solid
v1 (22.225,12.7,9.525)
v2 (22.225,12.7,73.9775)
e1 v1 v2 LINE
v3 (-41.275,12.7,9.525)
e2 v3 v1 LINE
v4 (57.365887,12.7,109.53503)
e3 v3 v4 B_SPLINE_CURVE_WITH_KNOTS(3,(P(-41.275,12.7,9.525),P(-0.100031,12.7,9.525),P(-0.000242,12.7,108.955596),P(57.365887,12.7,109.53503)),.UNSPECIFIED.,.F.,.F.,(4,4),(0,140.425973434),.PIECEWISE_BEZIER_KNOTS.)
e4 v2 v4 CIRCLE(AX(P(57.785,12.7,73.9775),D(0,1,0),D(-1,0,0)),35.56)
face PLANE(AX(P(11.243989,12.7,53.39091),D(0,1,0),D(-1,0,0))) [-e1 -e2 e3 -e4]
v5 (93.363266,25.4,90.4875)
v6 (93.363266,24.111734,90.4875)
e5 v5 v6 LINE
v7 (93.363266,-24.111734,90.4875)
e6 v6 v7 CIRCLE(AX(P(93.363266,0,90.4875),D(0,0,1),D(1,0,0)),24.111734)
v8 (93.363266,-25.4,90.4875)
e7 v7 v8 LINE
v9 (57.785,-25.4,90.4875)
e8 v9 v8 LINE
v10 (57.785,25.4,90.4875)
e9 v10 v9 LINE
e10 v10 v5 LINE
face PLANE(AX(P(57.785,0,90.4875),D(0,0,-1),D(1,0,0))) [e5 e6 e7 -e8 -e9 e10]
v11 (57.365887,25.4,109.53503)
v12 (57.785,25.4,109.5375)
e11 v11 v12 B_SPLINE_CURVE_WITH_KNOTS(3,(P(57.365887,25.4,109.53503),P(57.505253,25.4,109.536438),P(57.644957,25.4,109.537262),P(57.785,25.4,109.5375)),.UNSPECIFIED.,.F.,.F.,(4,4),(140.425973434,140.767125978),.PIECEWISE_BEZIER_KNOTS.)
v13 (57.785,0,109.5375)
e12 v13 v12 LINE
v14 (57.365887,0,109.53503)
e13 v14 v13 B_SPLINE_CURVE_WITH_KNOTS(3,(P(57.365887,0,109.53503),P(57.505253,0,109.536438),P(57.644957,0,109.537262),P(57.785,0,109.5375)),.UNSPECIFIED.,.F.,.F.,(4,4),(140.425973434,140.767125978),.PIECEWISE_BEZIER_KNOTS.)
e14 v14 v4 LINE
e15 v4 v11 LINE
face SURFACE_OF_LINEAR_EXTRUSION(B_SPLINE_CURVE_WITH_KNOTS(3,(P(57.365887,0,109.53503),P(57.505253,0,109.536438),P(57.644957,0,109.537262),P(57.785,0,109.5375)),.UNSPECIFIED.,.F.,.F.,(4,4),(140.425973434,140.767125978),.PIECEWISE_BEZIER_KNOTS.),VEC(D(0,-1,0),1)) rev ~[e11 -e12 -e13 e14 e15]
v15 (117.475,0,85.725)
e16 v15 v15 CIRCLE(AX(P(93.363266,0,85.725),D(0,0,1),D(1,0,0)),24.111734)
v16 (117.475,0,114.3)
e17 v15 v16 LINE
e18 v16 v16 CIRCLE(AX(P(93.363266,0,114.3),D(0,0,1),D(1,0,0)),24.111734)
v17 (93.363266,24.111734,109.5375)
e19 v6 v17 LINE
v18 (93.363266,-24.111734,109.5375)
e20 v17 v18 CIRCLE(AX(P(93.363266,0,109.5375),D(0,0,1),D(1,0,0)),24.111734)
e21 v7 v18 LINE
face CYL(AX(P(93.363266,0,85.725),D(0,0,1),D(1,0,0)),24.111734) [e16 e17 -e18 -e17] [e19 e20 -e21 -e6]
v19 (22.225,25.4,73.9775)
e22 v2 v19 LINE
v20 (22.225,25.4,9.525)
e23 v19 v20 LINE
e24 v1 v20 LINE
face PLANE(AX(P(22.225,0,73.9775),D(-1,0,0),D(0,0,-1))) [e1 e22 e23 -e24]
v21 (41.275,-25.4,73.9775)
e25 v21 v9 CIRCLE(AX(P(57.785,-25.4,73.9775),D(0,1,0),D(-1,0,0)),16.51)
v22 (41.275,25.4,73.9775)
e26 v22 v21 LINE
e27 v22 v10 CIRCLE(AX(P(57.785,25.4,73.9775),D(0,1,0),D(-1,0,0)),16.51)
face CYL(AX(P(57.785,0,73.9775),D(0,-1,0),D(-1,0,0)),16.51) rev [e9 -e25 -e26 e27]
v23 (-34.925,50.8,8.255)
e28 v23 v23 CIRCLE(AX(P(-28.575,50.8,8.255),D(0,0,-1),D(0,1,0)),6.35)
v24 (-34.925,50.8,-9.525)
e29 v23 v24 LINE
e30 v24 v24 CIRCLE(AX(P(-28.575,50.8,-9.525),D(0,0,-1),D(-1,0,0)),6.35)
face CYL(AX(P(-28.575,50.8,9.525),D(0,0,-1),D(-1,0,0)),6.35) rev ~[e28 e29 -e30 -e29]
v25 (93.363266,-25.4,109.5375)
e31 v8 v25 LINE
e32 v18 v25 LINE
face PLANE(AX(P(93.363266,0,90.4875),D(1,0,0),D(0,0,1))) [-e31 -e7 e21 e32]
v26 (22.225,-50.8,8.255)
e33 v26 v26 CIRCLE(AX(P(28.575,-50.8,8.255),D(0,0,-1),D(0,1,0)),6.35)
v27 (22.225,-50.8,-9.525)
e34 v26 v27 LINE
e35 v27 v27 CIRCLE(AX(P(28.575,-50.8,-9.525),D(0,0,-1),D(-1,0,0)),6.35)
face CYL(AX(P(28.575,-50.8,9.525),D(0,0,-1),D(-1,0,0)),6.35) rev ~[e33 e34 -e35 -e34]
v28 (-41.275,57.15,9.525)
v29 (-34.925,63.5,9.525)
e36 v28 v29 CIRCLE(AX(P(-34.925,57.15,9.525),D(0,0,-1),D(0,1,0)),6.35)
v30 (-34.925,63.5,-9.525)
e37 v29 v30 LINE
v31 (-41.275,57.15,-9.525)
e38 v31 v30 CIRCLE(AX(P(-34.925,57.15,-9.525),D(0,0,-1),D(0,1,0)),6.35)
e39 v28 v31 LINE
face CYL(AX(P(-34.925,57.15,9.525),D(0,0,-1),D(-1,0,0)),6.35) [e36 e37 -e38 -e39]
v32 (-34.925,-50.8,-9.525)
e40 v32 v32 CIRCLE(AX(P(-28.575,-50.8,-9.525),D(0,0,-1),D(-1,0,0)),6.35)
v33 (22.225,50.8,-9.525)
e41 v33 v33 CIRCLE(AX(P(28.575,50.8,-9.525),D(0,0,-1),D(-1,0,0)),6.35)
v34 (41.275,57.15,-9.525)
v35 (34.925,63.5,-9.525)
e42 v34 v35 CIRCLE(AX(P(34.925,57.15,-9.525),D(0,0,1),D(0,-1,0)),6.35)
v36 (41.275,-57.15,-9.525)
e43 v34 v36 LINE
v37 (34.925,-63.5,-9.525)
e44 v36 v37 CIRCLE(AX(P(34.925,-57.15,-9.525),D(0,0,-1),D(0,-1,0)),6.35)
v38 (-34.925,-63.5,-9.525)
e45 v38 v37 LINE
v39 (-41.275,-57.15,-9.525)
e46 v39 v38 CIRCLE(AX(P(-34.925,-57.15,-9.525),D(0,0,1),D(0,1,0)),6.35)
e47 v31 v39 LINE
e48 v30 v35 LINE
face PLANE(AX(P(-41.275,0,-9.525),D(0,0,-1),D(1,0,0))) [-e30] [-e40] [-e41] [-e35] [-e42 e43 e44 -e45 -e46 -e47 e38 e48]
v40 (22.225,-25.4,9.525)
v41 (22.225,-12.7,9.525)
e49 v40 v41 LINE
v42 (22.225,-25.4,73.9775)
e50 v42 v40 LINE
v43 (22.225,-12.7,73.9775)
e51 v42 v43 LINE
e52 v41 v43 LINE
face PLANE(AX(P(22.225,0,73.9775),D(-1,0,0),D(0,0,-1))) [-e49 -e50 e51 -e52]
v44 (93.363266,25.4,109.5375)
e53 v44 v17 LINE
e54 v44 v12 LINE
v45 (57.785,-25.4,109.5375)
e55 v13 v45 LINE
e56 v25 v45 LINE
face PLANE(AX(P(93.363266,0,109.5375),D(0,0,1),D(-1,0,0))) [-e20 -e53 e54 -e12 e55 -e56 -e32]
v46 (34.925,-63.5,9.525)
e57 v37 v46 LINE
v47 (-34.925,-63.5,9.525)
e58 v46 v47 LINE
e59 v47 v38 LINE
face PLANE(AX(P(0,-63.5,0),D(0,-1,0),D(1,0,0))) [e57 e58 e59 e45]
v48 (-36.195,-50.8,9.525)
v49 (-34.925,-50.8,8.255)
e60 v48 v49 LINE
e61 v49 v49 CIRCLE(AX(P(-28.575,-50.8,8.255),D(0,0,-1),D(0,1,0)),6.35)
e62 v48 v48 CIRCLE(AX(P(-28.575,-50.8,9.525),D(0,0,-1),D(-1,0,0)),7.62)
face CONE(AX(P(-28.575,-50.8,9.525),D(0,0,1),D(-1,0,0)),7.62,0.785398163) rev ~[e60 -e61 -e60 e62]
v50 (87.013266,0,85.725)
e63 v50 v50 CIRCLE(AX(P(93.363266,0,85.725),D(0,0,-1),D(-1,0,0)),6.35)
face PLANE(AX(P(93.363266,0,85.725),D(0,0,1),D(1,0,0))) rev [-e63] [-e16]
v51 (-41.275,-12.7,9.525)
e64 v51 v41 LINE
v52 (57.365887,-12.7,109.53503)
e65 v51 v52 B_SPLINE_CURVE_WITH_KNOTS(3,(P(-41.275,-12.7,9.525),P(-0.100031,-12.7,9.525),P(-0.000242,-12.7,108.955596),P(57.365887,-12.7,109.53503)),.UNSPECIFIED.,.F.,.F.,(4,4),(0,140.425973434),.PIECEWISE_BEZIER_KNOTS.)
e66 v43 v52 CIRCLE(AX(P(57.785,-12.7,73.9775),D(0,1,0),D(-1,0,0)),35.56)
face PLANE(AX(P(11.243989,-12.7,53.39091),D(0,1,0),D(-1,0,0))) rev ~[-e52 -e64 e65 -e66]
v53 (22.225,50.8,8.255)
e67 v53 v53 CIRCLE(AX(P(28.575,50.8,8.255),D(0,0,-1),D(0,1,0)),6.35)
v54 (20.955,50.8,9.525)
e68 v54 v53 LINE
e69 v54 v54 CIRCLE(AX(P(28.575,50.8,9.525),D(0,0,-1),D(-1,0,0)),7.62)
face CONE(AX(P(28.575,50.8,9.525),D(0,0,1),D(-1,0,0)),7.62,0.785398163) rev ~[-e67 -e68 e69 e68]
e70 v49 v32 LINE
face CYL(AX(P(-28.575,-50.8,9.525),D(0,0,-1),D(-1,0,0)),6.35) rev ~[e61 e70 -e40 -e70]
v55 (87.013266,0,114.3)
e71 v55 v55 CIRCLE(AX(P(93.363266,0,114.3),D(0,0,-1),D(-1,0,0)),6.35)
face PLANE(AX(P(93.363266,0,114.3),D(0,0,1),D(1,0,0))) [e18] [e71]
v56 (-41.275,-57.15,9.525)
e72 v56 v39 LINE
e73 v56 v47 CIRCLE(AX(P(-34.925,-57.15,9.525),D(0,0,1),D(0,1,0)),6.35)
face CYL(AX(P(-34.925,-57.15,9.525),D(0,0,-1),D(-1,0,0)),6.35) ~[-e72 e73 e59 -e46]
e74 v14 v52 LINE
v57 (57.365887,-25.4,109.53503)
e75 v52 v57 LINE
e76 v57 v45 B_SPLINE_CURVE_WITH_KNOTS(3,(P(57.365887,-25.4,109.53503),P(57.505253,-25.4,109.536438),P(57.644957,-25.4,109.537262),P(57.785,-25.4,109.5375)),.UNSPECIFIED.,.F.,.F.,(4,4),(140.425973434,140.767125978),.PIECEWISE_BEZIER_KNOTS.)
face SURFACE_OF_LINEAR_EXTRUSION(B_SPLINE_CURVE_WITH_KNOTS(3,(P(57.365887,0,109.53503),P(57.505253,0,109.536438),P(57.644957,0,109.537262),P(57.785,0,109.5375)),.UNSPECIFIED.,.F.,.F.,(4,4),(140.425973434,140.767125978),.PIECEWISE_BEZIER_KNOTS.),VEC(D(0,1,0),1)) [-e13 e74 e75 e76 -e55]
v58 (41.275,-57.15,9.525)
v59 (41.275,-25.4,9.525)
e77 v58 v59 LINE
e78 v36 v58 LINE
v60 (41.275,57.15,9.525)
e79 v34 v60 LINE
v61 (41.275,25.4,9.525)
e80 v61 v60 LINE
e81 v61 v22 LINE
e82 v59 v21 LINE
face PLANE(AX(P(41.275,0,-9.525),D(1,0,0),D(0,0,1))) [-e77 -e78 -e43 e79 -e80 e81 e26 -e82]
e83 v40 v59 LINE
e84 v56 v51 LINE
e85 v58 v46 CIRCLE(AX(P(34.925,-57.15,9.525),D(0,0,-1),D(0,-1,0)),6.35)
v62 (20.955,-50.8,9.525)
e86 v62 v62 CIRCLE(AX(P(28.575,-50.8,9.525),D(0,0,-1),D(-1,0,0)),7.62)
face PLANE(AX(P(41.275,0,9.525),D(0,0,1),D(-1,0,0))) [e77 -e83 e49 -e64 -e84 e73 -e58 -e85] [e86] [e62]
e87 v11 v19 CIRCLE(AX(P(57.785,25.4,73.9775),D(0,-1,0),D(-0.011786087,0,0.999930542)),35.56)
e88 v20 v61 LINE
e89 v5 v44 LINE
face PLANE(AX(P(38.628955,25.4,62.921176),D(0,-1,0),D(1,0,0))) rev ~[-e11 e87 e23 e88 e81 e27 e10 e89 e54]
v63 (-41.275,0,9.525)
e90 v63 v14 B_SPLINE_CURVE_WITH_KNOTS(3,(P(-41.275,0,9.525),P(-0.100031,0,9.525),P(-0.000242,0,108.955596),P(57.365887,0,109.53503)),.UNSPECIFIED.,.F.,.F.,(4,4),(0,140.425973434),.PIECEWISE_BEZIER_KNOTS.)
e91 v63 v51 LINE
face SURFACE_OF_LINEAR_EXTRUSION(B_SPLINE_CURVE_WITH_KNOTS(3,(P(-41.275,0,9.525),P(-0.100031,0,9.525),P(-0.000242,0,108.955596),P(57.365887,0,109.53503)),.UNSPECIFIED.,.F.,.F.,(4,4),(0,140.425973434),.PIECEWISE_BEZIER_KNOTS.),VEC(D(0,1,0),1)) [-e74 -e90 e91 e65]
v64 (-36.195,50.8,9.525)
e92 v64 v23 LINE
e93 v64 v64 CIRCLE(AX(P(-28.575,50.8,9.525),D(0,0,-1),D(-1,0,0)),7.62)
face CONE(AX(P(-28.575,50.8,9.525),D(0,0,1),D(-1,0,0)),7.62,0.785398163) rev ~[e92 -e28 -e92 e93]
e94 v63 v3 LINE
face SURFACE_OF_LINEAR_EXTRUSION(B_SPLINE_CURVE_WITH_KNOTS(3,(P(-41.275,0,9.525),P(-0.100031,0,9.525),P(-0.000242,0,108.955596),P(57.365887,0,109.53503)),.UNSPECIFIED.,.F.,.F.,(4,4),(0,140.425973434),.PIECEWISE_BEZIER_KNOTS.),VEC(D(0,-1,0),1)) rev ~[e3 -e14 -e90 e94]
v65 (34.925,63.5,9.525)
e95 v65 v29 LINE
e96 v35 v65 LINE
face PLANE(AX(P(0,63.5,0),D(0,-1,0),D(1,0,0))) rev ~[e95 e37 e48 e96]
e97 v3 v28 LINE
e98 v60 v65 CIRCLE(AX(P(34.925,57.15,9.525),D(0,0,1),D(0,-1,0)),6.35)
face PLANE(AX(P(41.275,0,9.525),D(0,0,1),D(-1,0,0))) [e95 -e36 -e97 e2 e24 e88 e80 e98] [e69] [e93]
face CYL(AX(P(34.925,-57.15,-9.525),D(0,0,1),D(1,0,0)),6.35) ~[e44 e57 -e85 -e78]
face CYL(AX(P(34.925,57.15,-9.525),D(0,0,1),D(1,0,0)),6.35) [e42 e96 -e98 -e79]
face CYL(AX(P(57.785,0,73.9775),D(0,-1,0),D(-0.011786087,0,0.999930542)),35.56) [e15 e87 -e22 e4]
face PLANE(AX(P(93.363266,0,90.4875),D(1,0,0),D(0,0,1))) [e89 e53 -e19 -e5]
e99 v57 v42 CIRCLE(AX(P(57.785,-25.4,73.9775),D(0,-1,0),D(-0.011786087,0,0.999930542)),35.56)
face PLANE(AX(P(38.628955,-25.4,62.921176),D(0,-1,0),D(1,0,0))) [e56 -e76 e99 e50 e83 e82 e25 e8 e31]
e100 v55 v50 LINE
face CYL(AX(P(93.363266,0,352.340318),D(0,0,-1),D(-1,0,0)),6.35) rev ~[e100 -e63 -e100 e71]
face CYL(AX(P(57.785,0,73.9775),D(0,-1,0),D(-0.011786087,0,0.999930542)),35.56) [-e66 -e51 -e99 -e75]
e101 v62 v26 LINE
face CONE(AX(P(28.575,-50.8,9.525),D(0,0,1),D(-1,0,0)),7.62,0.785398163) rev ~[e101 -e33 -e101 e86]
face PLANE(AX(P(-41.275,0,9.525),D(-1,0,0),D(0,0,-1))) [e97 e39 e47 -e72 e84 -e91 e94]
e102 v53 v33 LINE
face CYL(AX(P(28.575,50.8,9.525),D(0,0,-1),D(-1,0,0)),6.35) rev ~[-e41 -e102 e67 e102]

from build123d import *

# Parameters (mm, degrees)
F1_DEPTH       = 63.5
F0_W           = 26.6882655859
F0_H           = 19.05
F2_DEPTH       = 25.4
F3_DEPTH       = 12.7
F5_R           = 6.35
F7_D           = 12.7
F9_D           = 12.7
F9_CSINK_D     = 15.24
F9_CSINK_ANGLE = 90


with BuildPart() as f1:
    # F0 (on Front) → F1 (new body, symmetric)
    with BuildSketch(Plane.XZ):
        Polygon((-41.275, 9.525), (-41.275, -9.525), (41.275, -9.525), (41.275, 9.525), (22.225, 9.525), align=None)
    extrude(amount=F1_DEPTH, both=True)

    # F0 (on Front) → F2 (join, symmetric)
    with BuildSketch(Plane.XZ):
        with BuildLine():
            Line((22.225, 9.525), (41.275, 9.525))
            Line((41.275, 9.525), (41.275, 73.9775))
            ThreePointArc((41.275, 73.9775), (46.1106670426, 85.6518329574), (57.785, 90.4875))
            Line((57.785, 90.4875), (66.675, 90.4875))
            Line((66.675, 90.4875), (66.675, 109.5375))
            Line((66.675, 109.5375), (57.785, 109.5375))
            add(Edge.make_bspline(
                [(57.3658867379, 109.5350300615), (57.5052527002, 109.5364377458), (57.6449566509, 109.5372620063), (57.785, 109.5375)],
                knots=[140.4259734343, 140.4259734343, 140.4259734343, 140.4259734343, 140.7671259785, 140.7671259785, 140.7671259785, 140.7671259785], degree=3))
            ThreePointArc((57.3658867379, 109.5350300615), (32.4925380044, 98.9735990196), (22.225, 73.9775))
            Line((22.225, 73.9775), (22.225, 9.525))
        make_face()
        with Locations((80.019132793, 100.0125)):
            Rectangle(F0_W, F0_H)
    extrude(amount=F2_DEPTH, both=True)

    # F0 (on Front) → F3 (join, symmetric)
    with BuildSketch(Plane.XZ):
        with BuildLine():
            add(Edge.make_bspline(
                [(-41.275, 9.525), (-0.1000309637, 9.525), (-0.0002424275, 108.9555959023), (57.3658867379, 109.5350300615)],
                knots=[0, 0, 0, 0, 140.4259734343, 140.4259734343, 140.4259734343, 140.4259734343], degree=3))
            Line((-41.275, 9.525), (22.225, 9.525))
            Line((22.225, 9.525), (22.225, 73.9775))
            ThreePointArc((22.225, 73.9775), (32.4925380044, 98.9735990196), (57.3658867379, 109.5350300615))
        make_face()
    extrude(amount=F3_DEPTH, both=True)

    # F0 (on Front) → F4 (revolve)
    with BuildSketch(Plane.XZ):
        Polygon((93.3632655859, 114.3), (93.3632655859, 109.5375), (93.3632655859, 90.4875), (93.3632655859, 85.725), (117.475, 85.725), (117.475, 114.3), align=None)
    revolve(axis=Axis((93.3632655859, 0, 100.0125), (0, 0, 1)))

    # F5
    f5_edges = [f1.edges().sort_by_distance(p)[0] for p in [
        (-41.275, -63.5, 0),
        (41.275, -63.5, 0),
        (-41.275, 63.5, 0),
        (41.275, 63.5, 0),
    ]]
    fillet(f5_edges, radius=F5_R)

    # F7 (through all)
    with Locations(Plane.XY.offset(114.3)):
        with Locations((93.3632655859, 0)):
            Hole(F7_D / 2)

    # F9 (through all)
    with Locations(Plane.XY.offset(9.525)):
        with Locations((-28.575, -50.8), (28.575, -50.8), (28.575, 50.8), (-28.575, 50.8)):
            CounterSinkHole(F9_D / 2, F9_CSINK_D / 2, counter_sink_angle=F9_CSINK_ANGLE)


solid = f1.part
